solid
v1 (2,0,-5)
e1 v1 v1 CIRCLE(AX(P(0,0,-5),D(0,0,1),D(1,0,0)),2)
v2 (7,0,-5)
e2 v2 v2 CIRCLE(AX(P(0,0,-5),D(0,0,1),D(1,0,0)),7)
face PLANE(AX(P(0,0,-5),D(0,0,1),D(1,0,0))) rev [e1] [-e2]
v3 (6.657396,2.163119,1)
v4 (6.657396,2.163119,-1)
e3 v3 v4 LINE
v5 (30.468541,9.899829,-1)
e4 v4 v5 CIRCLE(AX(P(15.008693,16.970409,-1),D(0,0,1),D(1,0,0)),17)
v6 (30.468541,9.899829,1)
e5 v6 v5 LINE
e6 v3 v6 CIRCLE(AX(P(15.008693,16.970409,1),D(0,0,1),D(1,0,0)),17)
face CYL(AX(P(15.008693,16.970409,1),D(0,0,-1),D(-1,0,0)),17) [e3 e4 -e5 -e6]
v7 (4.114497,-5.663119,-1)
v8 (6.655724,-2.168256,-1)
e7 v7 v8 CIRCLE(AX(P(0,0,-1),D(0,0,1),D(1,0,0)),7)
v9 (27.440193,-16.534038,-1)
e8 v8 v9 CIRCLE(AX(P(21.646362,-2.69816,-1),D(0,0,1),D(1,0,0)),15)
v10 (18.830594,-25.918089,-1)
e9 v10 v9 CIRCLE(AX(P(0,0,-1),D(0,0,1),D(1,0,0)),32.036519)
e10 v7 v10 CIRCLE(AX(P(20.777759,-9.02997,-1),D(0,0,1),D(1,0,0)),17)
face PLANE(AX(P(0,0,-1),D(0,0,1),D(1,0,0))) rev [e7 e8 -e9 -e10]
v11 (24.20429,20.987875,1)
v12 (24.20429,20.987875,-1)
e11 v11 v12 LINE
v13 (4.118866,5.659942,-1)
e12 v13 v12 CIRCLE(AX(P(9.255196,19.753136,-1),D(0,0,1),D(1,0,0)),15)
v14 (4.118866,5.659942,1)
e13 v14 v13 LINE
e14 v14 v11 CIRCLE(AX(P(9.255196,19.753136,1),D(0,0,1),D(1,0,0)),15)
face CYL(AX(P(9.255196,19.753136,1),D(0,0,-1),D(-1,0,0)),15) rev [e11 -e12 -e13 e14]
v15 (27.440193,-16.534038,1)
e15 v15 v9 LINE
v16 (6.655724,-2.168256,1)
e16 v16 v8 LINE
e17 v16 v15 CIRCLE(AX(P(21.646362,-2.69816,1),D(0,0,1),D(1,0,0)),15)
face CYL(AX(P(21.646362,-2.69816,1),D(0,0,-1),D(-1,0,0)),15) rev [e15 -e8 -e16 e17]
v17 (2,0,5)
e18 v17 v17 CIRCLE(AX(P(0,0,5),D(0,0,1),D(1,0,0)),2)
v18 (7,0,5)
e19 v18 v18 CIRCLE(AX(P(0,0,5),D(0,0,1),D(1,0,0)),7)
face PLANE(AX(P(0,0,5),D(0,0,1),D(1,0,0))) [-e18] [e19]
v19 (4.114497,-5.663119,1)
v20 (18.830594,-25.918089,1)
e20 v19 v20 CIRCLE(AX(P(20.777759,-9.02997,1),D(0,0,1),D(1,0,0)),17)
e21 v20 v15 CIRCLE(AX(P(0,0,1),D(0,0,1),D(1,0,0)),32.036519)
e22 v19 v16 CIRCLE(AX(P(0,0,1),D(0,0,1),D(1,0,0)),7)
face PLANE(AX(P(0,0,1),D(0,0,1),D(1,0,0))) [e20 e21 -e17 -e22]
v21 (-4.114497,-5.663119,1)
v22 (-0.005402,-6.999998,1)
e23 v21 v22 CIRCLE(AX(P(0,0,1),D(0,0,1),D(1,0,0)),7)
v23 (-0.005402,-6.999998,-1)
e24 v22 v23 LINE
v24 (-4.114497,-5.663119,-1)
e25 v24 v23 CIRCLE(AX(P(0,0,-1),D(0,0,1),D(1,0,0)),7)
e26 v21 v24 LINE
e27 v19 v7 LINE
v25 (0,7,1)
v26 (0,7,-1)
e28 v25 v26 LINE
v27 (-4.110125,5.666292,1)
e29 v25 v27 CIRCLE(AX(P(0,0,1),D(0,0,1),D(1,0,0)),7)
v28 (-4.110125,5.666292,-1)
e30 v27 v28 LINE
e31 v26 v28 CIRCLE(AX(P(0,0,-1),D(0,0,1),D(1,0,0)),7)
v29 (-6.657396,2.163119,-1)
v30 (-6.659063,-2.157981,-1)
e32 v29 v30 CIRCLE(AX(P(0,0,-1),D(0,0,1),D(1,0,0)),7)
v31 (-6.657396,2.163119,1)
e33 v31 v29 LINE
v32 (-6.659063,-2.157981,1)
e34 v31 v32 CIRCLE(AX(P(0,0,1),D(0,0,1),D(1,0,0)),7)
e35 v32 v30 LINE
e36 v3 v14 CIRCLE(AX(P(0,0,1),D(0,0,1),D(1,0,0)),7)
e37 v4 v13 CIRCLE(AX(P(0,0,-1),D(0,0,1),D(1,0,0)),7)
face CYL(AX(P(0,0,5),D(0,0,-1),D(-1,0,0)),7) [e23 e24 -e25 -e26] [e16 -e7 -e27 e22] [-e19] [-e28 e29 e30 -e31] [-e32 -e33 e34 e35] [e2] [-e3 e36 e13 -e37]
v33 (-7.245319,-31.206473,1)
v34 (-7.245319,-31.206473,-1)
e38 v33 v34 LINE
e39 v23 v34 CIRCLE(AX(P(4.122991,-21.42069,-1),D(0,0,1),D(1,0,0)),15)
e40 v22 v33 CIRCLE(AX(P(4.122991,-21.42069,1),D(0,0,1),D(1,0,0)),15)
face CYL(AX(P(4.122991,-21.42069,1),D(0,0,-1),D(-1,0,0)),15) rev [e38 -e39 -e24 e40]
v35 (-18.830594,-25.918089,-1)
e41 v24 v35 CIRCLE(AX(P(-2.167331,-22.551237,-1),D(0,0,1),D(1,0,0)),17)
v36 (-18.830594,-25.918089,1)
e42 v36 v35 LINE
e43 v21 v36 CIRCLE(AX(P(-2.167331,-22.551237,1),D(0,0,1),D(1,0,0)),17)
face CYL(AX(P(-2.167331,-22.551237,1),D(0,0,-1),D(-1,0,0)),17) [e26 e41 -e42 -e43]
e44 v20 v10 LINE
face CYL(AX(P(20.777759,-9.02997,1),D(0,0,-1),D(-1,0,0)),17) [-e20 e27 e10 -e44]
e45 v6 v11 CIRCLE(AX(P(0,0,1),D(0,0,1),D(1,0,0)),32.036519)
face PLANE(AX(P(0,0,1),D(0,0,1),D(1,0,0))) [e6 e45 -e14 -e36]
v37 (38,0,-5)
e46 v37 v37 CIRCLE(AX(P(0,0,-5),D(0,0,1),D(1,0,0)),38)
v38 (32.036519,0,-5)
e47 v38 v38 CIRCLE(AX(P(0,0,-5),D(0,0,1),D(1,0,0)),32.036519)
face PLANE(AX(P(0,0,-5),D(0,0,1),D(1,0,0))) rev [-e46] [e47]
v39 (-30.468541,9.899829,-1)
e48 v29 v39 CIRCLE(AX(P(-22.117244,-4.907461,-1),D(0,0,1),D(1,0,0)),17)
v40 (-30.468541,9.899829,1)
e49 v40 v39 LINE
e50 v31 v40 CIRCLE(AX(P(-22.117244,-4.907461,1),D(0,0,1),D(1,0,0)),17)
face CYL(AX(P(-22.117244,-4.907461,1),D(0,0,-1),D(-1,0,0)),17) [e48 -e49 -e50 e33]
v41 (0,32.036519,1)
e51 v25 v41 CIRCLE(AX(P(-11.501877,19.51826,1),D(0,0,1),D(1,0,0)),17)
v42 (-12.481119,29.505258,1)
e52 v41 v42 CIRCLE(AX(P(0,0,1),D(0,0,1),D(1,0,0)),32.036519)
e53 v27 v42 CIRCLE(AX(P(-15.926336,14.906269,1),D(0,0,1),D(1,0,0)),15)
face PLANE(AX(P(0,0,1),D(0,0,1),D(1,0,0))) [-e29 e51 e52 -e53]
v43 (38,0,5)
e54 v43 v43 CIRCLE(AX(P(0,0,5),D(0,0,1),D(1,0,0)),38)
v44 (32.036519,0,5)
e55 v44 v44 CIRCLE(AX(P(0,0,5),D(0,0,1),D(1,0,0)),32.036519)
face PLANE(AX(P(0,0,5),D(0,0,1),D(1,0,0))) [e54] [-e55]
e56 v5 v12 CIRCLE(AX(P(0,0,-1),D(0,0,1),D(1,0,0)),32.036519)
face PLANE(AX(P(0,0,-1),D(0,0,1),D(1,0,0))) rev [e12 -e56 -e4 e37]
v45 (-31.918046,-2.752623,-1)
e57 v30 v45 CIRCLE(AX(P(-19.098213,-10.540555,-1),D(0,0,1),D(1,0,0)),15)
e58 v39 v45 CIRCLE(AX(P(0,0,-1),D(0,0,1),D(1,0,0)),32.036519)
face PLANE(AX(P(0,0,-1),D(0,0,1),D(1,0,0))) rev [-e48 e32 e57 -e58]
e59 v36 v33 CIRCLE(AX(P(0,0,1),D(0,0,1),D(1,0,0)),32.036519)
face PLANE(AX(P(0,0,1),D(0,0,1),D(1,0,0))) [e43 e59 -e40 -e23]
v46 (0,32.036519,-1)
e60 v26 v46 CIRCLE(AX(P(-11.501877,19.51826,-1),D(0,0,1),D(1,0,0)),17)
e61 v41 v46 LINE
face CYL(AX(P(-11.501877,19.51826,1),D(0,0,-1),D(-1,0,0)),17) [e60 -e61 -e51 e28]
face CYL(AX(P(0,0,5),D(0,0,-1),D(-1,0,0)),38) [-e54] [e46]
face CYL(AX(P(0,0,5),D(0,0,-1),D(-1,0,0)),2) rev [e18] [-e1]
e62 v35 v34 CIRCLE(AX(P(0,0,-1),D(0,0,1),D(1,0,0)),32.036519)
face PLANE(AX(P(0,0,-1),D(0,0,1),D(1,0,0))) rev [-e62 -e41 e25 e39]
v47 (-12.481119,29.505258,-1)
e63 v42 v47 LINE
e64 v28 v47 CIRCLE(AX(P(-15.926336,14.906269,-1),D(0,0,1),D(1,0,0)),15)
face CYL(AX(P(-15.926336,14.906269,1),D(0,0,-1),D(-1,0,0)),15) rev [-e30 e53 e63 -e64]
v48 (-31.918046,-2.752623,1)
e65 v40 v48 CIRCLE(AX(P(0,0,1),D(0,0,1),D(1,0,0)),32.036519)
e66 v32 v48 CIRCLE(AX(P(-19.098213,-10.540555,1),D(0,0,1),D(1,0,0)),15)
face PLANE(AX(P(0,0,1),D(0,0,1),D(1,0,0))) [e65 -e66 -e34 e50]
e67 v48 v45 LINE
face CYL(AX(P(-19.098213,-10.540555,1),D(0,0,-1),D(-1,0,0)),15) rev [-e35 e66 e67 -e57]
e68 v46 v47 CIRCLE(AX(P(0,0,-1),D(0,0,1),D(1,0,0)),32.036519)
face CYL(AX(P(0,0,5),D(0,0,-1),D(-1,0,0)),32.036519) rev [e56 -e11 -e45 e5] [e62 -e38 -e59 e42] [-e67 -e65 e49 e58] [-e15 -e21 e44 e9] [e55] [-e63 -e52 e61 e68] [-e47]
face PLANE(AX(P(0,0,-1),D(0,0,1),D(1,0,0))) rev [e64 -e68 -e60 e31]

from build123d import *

# Parameters (mm, degrees)
SKETCH1_R             = 7
SKETCH1_R_2           = 2
BOSS_EXTRUDE1_DEPTH   = 5
SKETCH1_R_3           = 38
SKETCH1_R_4           = 32.036519423
BOSS_EXTRUDE1_2_DEPTH = 5
BOSS_EXTRUDE2_DEPTH   = 1


with BuildPart() as part:
    # Sketch1 → Boss-Extrude1 (new, symmetric)
    with BuildSketch(Plane.XY):
        Circle(SKETCH1_R)
        Circle(SKETCH1_R_2, mode=Mode.SUBTRACT)
    extrude(amount=BOSS_EXTRUDE1_DEPTH, both=True)



with BuildPart() as body_2:
    # Sketch1 → Boss-Extrude1 2 (new, symmetric)
    with BuildSketch(Plane.XY):
        Circle(SKETCH1_R_3)
        Circle(SKETCH1_R_4, mode=Mode.SUBTRACT)
    extrude(amount=BOSS_EXTRUDE1_2_DEPTH, both=True)


with BuildPart() as part_1:
    add(part.part)

    add(body_2.part)  # Boss-Extrude2 merges body 2
    # Sketch1<4> → Boss-Extrude2 (add, symmetric)
    with BuildSketch(Plane.XY):
        with BuildLine():
            ThreePointArc((-6.659062866, -2.157980943), (-6.999999479, 0.002700877), (-6.657395614, 2.163118961))
            ThreePointArc((-6.657395614, 2.163118961), (-16.863954631, 11.260499688), (-30.468540556, 9.899828942))
            ThreePointArc((-30.468540556, 9.899828942), (-31.828331282, 3.646354962), (-31.918045732, -2.752622999))
            ThreePointArc((-31.918045732, -2.752622999), (-19.451242112, 4.455290106), (-6.659062866, -2.157980943))
        make_face()
        with BuildLine():
            ThreePointArc((-4.11012543, 5.666292346), (-2.160550113, 6.658229736), (0, 7))
            ThreePointArc((0, 7), (5.498123031, 19.518259711), (0, 32.036519423))
            ThreePointArc((0, 32.036519423), (-6.367605621, 31.39732752), (-12.481118599, 29.505258095))
            ThreePointArc((-12.481118599, 29.505258095), (-1.773531687, 19.875990918), (-4.11012543, 5.666292346))
        make_face()
        with BuildLine():
            ThreePointArc((4.118865652, 5.659942203), (5.664706075, 4.112311404), (6.657395614, 2.163118961))
            ThreePointArc((6.657395614, 2.163118961), (20.261981539, 0.802448215), (30.468540556, 9.899828942))
            ThreePointArc((30.468540556, 9.899828942), (27.892934581, 15.758260601), (24.20429022, 20.987875349))
            ThreePointArc((24.20429022, 20.987875349), (18.355139249, 7.828747841), (4.118865652, 5.659942203))
        make_face()
        with BuildLine():
            ThreePointArc((27.440192629, -16.534037778), (13.117631611, -15.037558663), (6.655724398, -2.16825569))
            ThreePointArc((6.655724398, -2.16825569), (5.661531003, -4.116681515), (4.114496766, -5.663118961))
            ThreePointArc((4.114496766, -5.663118961), (7.024470239, -19.02231944), (18.830593651, -25.918088654))
            ThreePointArc((18.830593651, -25.918088654), (23.606387238, -21.658186865), (27.440192629, -16.534037778))
        make_face()
        with BuildLine():
            ThreePointArc((-7.245318518, -31.206472667), (-10.247997062, -17.122470203), (-0.005401754, -6.999997916))
            ThreePointArc((-0.005401754, -6.999997916), (-2.165687487, -6.656560502), (-4.114496766, -5.663118961))
            ThreePointArc((-4.114496766, -5.663118961), (-15.920620178, -12.558888174), (-18.830593651, -25.918088654))
            ThreePointArc((-18.830593651, -25.918088654), (-13.303384916, -29.143756218), (-7.245318518, -31.206472667))
        make_face()
    extrude(amount=BOSS_EXTRUDE2_DEPTH, both=True)


solid = part_1.part
